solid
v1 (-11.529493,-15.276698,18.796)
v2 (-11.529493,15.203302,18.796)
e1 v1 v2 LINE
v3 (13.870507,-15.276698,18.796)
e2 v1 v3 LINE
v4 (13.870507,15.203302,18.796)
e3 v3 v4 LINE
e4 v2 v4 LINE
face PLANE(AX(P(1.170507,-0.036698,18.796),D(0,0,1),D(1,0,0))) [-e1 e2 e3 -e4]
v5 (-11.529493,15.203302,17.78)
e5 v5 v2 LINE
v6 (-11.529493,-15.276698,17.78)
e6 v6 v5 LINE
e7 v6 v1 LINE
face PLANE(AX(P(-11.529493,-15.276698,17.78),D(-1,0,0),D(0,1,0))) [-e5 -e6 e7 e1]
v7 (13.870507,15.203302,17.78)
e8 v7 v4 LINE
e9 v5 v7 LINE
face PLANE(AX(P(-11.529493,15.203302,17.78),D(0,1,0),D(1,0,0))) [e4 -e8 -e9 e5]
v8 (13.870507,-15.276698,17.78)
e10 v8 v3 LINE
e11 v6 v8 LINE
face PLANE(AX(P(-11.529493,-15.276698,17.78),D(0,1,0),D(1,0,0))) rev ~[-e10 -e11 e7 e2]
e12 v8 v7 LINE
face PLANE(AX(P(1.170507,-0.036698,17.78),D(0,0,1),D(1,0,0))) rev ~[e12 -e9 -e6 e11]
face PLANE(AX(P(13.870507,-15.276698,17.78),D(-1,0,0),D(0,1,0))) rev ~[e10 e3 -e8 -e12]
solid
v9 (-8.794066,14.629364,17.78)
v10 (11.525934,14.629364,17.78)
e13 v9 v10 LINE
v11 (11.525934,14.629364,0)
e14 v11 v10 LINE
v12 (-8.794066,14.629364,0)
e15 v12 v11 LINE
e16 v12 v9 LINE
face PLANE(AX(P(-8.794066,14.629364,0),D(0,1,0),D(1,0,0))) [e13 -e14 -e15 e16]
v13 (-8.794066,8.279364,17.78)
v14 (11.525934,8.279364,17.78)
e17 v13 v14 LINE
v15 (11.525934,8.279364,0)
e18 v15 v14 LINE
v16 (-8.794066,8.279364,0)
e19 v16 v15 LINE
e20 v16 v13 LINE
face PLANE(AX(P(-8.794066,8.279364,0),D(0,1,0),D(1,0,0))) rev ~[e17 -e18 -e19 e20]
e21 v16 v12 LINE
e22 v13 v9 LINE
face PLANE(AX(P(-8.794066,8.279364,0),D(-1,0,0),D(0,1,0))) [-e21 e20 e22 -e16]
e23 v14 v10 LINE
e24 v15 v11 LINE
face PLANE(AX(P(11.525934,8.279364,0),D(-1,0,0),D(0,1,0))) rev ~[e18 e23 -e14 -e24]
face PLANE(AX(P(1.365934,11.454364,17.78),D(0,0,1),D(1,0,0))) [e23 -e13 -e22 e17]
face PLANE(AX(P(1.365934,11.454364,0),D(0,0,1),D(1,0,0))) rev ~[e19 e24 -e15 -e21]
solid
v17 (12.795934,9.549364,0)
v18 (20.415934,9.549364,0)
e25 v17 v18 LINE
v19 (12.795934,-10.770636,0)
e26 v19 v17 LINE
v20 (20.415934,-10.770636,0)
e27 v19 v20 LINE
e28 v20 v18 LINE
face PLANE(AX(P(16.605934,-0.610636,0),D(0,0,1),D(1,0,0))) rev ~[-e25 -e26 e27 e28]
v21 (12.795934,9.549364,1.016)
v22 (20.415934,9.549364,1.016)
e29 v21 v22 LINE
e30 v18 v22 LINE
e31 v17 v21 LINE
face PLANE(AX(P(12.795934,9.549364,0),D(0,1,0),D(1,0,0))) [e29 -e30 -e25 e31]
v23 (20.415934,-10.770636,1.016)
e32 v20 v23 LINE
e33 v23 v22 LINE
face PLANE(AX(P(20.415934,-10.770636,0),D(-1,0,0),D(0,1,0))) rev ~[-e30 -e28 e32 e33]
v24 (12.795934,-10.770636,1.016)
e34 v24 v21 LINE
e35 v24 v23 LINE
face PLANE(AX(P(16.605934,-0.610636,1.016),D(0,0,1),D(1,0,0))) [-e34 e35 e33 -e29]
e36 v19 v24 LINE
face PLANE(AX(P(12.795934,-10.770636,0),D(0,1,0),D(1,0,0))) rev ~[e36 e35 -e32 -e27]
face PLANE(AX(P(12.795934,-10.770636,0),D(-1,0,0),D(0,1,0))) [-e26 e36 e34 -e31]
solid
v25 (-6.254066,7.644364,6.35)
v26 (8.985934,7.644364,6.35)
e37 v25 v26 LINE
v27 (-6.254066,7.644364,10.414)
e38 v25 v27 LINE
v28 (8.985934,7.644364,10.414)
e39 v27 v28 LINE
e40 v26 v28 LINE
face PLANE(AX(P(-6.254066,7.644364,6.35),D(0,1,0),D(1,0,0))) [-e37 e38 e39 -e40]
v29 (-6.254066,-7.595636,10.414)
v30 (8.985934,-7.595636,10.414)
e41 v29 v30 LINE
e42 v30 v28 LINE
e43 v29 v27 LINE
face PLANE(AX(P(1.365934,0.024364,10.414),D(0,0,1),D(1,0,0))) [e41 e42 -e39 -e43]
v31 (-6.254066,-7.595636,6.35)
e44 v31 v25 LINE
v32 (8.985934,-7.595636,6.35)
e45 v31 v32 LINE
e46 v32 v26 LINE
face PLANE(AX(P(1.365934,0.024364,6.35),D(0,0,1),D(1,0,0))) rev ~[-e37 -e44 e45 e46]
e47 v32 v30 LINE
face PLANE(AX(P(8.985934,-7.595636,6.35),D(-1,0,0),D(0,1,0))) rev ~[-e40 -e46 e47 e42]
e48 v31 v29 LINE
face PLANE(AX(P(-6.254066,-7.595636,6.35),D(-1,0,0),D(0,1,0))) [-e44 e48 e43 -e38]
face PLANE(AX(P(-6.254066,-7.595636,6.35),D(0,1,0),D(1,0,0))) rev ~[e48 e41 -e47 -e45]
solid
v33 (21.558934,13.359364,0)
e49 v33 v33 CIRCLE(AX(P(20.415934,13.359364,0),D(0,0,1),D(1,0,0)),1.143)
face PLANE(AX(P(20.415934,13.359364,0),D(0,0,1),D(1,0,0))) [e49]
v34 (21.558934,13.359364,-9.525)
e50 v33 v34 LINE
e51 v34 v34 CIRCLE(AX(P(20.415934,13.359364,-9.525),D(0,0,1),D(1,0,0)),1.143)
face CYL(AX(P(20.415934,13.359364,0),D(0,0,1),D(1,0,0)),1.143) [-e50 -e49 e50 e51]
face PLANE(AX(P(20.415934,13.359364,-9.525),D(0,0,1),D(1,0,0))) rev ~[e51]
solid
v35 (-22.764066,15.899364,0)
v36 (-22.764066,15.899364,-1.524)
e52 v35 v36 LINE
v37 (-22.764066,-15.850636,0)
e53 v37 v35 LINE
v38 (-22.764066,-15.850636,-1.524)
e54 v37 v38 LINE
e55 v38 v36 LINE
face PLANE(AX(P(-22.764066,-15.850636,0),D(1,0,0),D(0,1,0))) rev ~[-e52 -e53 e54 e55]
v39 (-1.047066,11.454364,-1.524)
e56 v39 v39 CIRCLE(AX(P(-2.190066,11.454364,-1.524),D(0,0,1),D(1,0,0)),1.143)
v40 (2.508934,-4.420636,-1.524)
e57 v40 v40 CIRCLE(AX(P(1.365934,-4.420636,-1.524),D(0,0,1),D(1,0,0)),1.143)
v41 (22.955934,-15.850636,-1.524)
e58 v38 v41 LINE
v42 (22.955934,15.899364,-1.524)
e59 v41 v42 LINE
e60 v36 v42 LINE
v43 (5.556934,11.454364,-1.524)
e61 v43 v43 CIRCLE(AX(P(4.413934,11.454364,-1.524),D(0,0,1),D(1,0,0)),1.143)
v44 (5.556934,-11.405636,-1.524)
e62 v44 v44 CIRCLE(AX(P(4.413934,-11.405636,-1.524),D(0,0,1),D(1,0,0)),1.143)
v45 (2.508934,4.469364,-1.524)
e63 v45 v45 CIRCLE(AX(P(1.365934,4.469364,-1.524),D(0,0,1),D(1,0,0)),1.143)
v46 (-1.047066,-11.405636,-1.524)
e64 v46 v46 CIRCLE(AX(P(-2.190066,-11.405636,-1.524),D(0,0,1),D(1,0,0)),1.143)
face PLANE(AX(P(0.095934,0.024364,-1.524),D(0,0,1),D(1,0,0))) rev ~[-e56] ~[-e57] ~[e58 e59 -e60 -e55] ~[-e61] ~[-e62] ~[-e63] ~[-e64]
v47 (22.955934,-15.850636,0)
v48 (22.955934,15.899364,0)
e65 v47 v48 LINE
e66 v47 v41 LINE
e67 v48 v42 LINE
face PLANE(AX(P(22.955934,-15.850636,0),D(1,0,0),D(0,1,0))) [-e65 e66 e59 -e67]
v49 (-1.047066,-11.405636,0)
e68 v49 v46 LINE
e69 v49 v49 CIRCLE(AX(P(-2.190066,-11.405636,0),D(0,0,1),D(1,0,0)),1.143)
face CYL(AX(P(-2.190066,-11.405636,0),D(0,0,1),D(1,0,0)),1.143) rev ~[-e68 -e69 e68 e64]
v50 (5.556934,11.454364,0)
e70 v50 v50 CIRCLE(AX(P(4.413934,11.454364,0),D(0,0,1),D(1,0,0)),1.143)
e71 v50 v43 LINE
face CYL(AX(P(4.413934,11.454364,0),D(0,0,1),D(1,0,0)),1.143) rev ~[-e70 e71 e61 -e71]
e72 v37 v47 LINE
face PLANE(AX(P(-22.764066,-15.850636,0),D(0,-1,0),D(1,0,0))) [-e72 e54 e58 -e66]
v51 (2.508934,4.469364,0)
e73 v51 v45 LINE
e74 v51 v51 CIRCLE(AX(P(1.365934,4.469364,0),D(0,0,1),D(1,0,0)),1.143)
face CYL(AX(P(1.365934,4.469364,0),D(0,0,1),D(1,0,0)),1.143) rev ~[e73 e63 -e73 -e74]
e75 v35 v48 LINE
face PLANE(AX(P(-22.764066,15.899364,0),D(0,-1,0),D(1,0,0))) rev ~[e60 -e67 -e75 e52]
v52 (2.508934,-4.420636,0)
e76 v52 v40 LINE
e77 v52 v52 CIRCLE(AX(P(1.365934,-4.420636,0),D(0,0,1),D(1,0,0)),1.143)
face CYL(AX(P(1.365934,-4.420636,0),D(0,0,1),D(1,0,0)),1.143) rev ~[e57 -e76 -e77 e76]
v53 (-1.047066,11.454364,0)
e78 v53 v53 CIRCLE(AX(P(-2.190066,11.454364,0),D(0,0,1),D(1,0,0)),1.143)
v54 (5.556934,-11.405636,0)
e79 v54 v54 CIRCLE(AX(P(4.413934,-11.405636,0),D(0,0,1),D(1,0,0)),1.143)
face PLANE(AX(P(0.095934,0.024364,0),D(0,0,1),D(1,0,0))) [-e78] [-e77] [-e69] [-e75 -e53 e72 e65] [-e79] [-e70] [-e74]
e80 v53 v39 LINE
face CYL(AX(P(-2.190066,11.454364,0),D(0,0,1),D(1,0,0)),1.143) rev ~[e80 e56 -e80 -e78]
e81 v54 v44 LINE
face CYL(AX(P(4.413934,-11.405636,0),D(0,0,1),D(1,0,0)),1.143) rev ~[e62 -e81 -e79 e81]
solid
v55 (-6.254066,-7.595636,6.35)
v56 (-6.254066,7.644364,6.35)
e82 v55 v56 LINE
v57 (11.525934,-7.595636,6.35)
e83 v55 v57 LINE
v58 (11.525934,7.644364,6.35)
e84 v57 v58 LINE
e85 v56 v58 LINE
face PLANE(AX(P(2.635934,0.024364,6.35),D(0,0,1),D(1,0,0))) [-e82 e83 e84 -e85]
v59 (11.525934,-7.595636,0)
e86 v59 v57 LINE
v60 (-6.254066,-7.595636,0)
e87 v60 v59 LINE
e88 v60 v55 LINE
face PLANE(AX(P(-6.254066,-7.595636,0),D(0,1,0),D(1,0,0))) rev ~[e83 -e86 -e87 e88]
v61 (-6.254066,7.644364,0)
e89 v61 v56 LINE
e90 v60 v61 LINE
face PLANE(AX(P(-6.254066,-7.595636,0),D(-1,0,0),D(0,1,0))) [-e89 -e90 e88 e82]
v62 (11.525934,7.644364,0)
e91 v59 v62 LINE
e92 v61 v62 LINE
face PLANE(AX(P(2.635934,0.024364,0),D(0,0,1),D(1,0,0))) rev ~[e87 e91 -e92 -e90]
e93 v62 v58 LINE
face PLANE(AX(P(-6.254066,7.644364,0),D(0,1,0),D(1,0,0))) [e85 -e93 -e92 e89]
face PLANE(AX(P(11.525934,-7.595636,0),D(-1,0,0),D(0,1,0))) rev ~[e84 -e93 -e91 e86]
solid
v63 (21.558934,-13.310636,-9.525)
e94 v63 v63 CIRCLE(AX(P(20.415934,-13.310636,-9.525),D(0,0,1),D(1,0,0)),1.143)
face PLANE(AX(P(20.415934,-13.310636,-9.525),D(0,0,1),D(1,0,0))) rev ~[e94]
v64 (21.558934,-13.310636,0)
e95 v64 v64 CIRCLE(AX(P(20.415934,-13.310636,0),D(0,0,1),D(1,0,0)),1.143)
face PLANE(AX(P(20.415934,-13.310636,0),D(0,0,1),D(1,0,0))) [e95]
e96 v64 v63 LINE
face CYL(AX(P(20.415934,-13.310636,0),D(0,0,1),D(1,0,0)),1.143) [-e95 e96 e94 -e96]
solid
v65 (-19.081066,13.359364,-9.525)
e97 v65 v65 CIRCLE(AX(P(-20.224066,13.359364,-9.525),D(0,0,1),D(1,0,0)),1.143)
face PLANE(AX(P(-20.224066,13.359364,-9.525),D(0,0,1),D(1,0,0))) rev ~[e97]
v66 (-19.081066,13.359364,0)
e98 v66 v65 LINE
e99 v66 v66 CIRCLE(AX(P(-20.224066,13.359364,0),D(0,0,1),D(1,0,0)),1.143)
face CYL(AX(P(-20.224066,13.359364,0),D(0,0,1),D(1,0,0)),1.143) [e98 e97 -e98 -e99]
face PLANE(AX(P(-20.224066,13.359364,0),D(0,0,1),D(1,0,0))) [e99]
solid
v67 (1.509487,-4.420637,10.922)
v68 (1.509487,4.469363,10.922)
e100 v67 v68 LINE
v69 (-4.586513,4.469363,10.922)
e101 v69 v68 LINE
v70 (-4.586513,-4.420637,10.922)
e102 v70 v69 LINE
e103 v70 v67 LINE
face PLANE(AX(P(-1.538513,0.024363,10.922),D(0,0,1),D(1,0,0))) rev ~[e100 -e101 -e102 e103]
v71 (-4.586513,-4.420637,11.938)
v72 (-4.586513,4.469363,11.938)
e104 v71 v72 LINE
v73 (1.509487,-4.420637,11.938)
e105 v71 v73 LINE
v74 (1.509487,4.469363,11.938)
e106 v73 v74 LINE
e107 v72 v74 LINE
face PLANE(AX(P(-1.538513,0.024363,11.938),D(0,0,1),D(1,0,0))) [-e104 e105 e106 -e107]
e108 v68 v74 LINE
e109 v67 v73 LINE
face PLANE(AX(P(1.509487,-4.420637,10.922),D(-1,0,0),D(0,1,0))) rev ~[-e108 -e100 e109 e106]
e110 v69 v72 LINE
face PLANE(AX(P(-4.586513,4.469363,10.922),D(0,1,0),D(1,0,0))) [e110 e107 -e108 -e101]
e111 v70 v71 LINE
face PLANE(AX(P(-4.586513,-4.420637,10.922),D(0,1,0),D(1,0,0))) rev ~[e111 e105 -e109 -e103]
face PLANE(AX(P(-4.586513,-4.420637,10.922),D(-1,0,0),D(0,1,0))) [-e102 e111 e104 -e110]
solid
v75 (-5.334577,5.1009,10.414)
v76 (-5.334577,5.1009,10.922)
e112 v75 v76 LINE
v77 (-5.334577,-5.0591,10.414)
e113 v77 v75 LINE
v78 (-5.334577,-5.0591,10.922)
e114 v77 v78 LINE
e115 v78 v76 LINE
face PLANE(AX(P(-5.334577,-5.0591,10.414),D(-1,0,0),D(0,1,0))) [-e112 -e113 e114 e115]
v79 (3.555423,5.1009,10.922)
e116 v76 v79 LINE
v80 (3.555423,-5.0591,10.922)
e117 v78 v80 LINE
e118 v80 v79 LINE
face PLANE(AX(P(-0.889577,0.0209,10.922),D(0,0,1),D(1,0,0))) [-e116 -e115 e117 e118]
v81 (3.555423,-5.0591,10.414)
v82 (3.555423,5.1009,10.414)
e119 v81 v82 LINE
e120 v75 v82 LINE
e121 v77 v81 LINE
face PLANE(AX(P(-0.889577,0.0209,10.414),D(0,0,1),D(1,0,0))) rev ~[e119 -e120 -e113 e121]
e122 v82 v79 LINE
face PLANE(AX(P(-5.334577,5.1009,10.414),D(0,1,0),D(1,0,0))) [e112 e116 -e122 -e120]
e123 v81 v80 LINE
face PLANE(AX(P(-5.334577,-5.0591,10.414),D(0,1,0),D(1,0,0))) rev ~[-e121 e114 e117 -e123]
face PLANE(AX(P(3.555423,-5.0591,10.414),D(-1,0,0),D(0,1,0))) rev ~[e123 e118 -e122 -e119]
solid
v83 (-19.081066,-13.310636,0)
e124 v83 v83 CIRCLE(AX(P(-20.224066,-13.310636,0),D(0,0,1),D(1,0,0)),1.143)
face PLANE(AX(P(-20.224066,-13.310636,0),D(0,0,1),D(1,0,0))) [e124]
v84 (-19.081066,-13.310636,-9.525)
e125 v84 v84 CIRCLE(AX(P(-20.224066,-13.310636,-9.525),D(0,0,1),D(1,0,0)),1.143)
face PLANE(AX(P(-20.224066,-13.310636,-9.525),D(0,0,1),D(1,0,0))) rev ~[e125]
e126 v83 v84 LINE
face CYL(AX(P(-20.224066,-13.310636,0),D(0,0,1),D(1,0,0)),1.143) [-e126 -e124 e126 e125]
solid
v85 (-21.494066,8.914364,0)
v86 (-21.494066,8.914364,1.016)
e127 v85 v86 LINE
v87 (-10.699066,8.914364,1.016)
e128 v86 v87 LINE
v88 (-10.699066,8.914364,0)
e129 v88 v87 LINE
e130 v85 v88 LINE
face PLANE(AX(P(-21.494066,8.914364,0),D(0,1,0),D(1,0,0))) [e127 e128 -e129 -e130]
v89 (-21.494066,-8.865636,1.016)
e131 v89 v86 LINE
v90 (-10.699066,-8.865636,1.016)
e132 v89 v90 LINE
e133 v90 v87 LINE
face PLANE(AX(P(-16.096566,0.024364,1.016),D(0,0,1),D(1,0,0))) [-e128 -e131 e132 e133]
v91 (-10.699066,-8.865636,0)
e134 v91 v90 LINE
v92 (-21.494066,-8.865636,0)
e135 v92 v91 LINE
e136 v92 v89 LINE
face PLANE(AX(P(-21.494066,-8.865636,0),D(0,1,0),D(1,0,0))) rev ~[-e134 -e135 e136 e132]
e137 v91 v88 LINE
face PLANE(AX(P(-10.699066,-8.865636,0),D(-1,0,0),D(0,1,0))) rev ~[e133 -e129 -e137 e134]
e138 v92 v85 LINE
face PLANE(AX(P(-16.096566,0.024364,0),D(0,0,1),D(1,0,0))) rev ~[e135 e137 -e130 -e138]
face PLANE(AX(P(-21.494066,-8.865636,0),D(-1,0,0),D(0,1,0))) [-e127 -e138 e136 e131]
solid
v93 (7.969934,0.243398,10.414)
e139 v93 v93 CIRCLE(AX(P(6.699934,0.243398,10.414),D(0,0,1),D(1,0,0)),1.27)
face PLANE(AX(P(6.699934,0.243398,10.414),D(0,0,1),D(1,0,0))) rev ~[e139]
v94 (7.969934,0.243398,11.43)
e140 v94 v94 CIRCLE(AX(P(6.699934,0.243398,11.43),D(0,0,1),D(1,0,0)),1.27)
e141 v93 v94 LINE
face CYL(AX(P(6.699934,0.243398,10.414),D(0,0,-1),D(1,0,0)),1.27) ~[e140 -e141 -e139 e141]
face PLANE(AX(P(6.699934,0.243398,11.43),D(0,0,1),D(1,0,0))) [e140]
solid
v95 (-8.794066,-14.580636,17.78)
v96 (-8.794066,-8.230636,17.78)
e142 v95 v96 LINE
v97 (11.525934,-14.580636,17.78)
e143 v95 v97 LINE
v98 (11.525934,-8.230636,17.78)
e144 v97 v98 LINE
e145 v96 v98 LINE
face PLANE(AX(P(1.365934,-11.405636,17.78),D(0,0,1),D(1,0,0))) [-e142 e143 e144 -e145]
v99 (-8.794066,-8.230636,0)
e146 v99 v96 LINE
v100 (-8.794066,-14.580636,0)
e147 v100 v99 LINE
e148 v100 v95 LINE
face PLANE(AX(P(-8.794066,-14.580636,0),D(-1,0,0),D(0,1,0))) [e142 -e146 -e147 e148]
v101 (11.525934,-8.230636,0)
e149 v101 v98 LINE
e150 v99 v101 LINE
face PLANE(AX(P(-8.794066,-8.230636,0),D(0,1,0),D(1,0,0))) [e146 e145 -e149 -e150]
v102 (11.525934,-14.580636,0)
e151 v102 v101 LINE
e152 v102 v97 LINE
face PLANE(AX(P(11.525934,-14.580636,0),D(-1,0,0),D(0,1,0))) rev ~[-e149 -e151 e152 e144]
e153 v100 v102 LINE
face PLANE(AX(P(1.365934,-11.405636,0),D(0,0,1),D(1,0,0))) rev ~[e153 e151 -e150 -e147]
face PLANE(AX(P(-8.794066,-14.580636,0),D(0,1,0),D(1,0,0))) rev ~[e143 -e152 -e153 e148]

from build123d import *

# Parameters (mm, degrees)
F0_W      = 45.72
F0_H      = 31.75
F0_R      = 1.143
F1_DEPTH  = 1.524
F2_R      = 1.143
F3_DEPTH  = 9.525
F4_W      = 17.78
F4_H      = 15.24
F5_DEPTH  = 6.35
F6_W      = 15.24
F6_H      = 15.24
F7_DEPTH  = 4.064
F8_W      = 20.32
F8_H      = 6.35
F9_DEPTH  = 17.78
F10_W     = 8.89
F10_H     = 10.16
F11_DEPTH = 0.508
F12_W     = 6.096
F12_H     = 8.89
F13_DEPTH = 1.016
F14_R     = 1.27
F15_DEPTH = 1.016
F16_W     = 25.4
F16_H     = 30.48
F17_DEPTH = 1.016
F18_W     = 10.795
F18_H     = 17.78
F18_W_2   = 7.62
F18_H_2   = 20.32
F19_DEPTH = 1.016


with BuildPart() as f1:
    # F0 (on Top) → F1 (new body)
    with BuildSketch(Plane.XY):
        with Locations((0.095934, 0.024364)):
            Rectangle(F0_W, F0_H)
        with Locations((-2.190066, -11.405636)):
            Circle(F0_R, mode=Mode.SUBTRACT)
        with Locations((4.413934, -11.405636)):
            Circle(F0_R, mode=Mode.SUBTRACT)
        with Locations((1.365934, -4.420636)):
            Circle(F0_R, mode=Mode.SUBTRACT)
        with Locations((-2.190066, 11.454364)):
            Circle(F0_R, mode=Mode.SUBTRACT)
        with Locations((1.365934, 4.469364)):
            Circle(F0_R, mode=Mode.SUBTRACT)
        with Locations((4.413934, 11.454364)):
            Circle(F0_R, mode=Mode.SUBTRACT)
    extrude(amount=-F1_DEPTH)


with BuildPart() as f3:
    # F2 (on Top) → F3 (new body)
    with BuildSketch(Plane.XY):
        with Locations((-20.224066, 13.359364)):
            Circle(F2_R)
        with Locations((-20.224066, -13.310636)):
            Circle(F2_R)
        with Locations((20.415934, -13.310636)):
            Circle(F2_R)
        with Locations((20.415934, 13.359364)):
            Circle(F2_R)
    extrude(amount=-F3_DEPTH)


with BuildPart() as f5:
    # F4 (on Top) → F5 (new body)
    with BuildSketch(Plane.XY):
        with Locations((2.635934, 0.024364)):
            Rectangle(F4_W, F4_H)
    extrude(amount=F5_DEPTH)


with BuildPart() as f7:
    # F6 (on face) → F7 (new body)
    with BuildSketch(Plane.XY.offset(6.35)):
        with Locations((1.365934, 0.024364)):
            Rectangle(F6_W, F6_H)
    extrude(amount=F7_DEPTH)


with BuildPart() as f9:
    # F8 (on face) → F9 (new body)
    with BuildSketch(Plane.XY):
        with Locations((1.365934, -11.405636)):
            Rectangle(F8_W, F8_H)
        with Locations((1.365934, 11.454364)):
            Rectangle(F8_W, F8_H)
    extrude(amount=F9_DEPTH)


with BuildPart() as f11:
    # F10 (on face) → F11 (new body)
    with BuildSketch(Plane.XY.offset(10.414)):
        with Locations((-0.889577, 0.0209)):
            Rectangle(F10_W, F10_H)
    extrude(amount=F11_DEPTH)


with BuildPart() as f13:
    # F12 (on face) → F13 (new body)
    with BuildSketch(Plane.XY.offset(10.922)):
        with Locations((-1.538513, 0.024363)):
            Rectangle(F12_W, F12_H)
    extrude(amount=F13_DEPTH)


with BuildPart() as f15:
    # F14 (on face) → F15 (new body)
    with BuildSketch(Plane.XY.offset(10.414)):
        with Locations((6.699934, 0.243398)):
            Circle(F14_R)
    extrude(amount=F15_DEPTH)


with BuildPart() as f17:
    # F16 (on face) → F17 (new body)
    with BuildSketch(Plane.XY.offset(17.78)):
        with Locations((1.170507, -0.036698)):
            Rectangle(F16_W, F16_H)
    extrude(amount=F17_DEPTH)


with BuildPart() as f19:
    # F18 (on face) → F19 (new body)
    with BuildSketch(Plane.XY):
        with Locations((-16.096566, 0.024364)):
            Rectangle(F18_W, F18_H)
        with Locations((16.605934, -0.610636)):
            Rectangle(F18_W_2, F18_H_2)
    extrude(amount=F19_DEPTH)


solid = Compound([f1.part, f3.part, f5.part, f7.part, f9.part, f11.part, f13.part, f15.part, f17.part, f19.part])
